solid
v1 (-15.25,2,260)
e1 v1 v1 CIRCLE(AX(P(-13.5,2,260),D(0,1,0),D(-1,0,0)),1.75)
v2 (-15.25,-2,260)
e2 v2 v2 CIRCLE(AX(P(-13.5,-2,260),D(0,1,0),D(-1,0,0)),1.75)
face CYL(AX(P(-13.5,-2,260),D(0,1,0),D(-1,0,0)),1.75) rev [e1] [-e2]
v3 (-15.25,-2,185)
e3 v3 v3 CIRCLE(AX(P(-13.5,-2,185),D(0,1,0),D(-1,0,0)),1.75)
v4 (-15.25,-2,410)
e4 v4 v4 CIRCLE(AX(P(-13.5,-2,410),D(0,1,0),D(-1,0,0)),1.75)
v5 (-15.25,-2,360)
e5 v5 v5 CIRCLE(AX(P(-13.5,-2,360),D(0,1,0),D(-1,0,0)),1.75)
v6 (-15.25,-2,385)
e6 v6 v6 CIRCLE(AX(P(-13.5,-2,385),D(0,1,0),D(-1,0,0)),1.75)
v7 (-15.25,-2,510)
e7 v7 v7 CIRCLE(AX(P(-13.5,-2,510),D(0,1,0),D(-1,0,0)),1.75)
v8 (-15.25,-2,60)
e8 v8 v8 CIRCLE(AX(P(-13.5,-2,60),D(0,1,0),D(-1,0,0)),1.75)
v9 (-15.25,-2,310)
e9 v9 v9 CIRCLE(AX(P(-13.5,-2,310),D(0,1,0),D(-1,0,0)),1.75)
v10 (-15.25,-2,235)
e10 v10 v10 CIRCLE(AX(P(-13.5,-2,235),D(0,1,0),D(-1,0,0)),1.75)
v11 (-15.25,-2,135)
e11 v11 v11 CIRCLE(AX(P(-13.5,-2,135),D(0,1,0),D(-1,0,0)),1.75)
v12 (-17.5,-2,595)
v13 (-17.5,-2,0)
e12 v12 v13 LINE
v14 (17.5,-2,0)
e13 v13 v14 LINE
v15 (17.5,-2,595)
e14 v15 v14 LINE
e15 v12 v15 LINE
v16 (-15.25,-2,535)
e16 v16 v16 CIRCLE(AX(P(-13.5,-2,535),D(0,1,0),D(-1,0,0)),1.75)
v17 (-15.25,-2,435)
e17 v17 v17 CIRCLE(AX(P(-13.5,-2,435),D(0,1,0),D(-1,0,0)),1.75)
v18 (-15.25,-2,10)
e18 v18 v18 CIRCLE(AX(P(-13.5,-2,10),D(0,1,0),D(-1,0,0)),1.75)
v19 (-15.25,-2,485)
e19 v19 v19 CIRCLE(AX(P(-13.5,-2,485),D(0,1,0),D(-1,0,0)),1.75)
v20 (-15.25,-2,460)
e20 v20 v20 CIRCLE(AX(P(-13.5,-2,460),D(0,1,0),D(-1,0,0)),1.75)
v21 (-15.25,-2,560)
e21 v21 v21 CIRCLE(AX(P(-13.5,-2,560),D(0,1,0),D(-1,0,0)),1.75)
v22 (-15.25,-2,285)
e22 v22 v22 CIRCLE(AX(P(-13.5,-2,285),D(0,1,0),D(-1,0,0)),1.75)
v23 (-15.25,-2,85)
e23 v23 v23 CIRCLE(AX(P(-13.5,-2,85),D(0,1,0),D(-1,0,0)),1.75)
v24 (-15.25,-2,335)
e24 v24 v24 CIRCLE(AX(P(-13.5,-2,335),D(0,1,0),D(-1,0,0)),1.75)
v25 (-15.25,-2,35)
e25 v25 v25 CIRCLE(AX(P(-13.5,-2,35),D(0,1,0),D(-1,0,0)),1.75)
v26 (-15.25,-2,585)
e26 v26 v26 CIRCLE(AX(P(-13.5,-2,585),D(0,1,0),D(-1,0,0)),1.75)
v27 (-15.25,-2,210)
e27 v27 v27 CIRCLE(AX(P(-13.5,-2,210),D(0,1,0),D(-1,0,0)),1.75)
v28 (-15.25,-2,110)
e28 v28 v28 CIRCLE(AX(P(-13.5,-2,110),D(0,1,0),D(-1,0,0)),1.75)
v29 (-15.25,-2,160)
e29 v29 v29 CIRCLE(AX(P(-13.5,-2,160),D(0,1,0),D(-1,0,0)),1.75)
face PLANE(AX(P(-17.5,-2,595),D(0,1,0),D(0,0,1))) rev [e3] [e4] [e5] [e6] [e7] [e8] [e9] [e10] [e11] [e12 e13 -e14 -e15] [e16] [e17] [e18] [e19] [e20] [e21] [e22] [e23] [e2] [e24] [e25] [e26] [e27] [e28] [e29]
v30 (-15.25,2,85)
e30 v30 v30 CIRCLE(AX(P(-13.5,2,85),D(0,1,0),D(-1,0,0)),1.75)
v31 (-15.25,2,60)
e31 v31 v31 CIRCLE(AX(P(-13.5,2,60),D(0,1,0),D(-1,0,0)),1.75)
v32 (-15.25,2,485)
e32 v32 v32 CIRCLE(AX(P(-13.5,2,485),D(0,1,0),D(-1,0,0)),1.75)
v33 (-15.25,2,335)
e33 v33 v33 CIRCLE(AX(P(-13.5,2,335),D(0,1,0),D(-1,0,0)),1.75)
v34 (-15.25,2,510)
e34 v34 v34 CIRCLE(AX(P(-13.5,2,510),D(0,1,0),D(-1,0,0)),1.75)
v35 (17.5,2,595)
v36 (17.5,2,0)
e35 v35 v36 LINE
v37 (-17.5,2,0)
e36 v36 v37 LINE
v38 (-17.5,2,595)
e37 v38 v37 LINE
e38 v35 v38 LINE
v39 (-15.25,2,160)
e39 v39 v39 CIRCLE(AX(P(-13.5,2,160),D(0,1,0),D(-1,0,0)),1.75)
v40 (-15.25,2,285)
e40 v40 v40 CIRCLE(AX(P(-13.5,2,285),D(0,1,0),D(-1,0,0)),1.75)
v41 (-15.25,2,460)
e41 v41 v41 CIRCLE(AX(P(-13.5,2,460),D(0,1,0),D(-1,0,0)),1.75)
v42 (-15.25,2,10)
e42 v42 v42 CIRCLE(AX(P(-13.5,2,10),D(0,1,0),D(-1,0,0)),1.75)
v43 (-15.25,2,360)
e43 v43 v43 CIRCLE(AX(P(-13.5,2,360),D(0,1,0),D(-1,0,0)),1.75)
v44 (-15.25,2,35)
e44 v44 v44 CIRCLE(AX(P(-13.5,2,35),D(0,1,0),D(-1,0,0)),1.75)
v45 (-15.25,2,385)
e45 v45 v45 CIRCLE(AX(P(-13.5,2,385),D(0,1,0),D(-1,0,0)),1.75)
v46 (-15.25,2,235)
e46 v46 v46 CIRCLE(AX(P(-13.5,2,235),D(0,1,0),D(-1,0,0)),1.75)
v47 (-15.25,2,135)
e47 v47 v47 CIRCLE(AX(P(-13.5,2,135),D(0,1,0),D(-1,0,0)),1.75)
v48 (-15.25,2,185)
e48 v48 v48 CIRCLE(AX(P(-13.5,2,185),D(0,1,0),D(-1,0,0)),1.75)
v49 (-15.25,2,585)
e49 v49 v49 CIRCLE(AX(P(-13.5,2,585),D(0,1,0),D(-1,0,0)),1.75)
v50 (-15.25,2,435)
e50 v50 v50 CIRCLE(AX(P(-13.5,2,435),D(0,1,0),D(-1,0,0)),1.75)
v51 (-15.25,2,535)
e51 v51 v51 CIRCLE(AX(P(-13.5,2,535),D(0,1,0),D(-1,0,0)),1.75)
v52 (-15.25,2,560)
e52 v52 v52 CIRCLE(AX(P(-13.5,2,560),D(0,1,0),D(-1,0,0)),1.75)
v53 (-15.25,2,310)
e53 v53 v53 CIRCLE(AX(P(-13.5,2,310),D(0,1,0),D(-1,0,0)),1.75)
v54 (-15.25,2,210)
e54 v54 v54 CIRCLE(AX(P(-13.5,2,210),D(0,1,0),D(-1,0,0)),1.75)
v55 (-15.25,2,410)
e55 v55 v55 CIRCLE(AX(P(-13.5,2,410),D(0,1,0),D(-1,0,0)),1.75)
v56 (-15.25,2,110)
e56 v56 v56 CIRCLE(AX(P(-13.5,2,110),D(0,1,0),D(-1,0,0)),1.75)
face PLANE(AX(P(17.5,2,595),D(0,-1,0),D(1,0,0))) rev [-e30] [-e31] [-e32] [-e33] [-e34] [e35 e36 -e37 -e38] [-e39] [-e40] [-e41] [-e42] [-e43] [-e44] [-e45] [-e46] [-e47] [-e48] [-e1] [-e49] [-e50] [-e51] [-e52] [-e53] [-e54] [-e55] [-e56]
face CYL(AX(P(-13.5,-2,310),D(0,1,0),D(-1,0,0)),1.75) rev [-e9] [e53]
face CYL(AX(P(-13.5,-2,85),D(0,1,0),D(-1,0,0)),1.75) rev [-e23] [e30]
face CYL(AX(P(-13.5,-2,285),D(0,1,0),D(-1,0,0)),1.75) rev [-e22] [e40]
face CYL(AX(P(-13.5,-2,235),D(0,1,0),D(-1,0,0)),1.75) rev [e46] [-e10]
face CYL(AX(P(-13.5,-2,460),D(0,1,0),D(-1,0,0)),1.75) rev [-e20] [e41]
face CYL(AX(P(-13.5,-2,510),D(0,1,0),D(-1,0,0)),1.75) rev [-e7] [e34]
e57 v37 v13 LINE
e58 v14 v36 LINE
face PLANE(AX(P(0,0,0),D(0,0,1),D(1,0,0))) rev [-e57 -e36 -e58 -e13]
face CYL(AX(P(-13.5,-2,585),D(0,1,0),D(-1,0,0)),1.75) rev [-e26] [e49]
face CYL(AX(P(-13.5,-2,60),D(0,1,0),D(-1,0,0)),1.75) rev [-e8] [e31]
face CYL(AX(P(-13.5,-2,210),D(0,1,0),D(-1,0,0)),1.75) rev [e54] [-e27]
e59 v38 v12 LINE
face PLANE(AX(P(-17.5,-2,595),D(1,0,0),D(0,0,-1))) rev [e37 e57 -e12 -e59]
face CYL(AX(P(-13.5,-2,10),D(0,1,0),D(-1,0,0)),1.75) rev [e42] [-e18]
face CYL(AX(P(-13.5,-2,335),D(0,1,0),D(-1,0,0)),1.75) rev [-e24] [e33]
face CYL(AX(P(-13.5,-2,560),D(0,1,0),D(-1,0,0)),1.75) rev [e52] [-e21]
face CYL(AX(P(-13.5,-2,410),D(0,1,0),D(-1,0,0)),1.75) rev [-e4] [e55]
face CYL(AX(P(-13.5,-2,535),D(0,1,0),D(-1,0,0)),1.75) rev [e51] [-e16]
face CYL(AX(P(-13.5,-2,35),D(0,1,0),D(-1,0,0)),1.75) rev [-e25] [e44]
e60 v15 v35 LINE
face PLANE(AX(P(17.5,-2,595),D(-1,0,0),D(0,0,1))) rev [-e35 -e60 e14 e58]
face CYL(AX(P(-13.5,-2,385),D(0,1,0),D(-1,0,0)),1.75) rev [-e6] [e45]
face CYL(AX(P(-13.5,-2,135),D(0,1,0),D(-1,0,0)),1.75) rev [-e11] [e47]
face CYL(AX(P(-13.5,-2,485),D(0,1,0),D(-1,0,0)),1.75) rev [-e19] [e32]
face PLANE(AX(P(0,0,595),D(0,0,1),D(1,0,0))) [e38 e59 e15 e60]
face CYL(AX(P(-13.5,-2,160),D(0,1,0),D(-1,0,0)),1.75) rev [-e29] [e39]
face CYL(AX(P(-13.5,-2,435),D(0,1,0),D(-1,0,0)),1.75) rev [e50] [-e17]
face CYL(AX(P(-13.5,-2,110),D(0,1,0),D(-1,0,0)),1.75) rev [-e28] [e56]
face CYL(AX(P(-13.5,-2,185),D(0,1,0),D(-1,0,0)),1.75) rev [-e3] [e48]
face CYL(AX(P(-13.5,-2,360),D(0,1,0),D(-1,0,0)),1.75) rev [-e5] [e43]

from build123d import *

# Parameters (mm, degrees)
SKETCH1_W           = 35
SKETCH1_H           = 4
BOSS_EXTRUDE2_DEPTH = 595
SKETCH2_R           = 1.75
CUT_EXTRUDE1_DEPTH  = 596.270736724
LPATTERN1_COUNT     = 24
LPATTERN1_PITCH     = 25


with BuildPart() as part:
    # Sketch1 → Boss-Extrude2 (new body)
    with BuildSketch(Plane.XY):
        Rectangle(SKETCH1_W, SKETCH1_H)
    extrude(amount=BOSS_EXTRUDE2_DEPTH)

    # Sketch2 → Cut-Extrude1 (cut, through all)
    with BuildSketch(Plane(origin=(0, 2, 0), x_dir=(1, 0, 0), z_dir=(0, 1, 0))):
        with Locations(Location((-13.5, -10, 0), (0, 0, 180))):
            Circle(SKETCH2_R)
    cut_extrude1 = extrude(amount=-CUT_EXTRUDE1_DEPTH, mode=Mode.SUBTRACT)

    # LPattern1: Cut-Extrude1 ×24
    with Locations(*[(0, 0, i * LPATTERN1_PITCH) for i in range(1, LPATTERN1_COUNT)]):
        add(cut_extrude1, mode=Mode.SUBTRACT)


solid = part.part
